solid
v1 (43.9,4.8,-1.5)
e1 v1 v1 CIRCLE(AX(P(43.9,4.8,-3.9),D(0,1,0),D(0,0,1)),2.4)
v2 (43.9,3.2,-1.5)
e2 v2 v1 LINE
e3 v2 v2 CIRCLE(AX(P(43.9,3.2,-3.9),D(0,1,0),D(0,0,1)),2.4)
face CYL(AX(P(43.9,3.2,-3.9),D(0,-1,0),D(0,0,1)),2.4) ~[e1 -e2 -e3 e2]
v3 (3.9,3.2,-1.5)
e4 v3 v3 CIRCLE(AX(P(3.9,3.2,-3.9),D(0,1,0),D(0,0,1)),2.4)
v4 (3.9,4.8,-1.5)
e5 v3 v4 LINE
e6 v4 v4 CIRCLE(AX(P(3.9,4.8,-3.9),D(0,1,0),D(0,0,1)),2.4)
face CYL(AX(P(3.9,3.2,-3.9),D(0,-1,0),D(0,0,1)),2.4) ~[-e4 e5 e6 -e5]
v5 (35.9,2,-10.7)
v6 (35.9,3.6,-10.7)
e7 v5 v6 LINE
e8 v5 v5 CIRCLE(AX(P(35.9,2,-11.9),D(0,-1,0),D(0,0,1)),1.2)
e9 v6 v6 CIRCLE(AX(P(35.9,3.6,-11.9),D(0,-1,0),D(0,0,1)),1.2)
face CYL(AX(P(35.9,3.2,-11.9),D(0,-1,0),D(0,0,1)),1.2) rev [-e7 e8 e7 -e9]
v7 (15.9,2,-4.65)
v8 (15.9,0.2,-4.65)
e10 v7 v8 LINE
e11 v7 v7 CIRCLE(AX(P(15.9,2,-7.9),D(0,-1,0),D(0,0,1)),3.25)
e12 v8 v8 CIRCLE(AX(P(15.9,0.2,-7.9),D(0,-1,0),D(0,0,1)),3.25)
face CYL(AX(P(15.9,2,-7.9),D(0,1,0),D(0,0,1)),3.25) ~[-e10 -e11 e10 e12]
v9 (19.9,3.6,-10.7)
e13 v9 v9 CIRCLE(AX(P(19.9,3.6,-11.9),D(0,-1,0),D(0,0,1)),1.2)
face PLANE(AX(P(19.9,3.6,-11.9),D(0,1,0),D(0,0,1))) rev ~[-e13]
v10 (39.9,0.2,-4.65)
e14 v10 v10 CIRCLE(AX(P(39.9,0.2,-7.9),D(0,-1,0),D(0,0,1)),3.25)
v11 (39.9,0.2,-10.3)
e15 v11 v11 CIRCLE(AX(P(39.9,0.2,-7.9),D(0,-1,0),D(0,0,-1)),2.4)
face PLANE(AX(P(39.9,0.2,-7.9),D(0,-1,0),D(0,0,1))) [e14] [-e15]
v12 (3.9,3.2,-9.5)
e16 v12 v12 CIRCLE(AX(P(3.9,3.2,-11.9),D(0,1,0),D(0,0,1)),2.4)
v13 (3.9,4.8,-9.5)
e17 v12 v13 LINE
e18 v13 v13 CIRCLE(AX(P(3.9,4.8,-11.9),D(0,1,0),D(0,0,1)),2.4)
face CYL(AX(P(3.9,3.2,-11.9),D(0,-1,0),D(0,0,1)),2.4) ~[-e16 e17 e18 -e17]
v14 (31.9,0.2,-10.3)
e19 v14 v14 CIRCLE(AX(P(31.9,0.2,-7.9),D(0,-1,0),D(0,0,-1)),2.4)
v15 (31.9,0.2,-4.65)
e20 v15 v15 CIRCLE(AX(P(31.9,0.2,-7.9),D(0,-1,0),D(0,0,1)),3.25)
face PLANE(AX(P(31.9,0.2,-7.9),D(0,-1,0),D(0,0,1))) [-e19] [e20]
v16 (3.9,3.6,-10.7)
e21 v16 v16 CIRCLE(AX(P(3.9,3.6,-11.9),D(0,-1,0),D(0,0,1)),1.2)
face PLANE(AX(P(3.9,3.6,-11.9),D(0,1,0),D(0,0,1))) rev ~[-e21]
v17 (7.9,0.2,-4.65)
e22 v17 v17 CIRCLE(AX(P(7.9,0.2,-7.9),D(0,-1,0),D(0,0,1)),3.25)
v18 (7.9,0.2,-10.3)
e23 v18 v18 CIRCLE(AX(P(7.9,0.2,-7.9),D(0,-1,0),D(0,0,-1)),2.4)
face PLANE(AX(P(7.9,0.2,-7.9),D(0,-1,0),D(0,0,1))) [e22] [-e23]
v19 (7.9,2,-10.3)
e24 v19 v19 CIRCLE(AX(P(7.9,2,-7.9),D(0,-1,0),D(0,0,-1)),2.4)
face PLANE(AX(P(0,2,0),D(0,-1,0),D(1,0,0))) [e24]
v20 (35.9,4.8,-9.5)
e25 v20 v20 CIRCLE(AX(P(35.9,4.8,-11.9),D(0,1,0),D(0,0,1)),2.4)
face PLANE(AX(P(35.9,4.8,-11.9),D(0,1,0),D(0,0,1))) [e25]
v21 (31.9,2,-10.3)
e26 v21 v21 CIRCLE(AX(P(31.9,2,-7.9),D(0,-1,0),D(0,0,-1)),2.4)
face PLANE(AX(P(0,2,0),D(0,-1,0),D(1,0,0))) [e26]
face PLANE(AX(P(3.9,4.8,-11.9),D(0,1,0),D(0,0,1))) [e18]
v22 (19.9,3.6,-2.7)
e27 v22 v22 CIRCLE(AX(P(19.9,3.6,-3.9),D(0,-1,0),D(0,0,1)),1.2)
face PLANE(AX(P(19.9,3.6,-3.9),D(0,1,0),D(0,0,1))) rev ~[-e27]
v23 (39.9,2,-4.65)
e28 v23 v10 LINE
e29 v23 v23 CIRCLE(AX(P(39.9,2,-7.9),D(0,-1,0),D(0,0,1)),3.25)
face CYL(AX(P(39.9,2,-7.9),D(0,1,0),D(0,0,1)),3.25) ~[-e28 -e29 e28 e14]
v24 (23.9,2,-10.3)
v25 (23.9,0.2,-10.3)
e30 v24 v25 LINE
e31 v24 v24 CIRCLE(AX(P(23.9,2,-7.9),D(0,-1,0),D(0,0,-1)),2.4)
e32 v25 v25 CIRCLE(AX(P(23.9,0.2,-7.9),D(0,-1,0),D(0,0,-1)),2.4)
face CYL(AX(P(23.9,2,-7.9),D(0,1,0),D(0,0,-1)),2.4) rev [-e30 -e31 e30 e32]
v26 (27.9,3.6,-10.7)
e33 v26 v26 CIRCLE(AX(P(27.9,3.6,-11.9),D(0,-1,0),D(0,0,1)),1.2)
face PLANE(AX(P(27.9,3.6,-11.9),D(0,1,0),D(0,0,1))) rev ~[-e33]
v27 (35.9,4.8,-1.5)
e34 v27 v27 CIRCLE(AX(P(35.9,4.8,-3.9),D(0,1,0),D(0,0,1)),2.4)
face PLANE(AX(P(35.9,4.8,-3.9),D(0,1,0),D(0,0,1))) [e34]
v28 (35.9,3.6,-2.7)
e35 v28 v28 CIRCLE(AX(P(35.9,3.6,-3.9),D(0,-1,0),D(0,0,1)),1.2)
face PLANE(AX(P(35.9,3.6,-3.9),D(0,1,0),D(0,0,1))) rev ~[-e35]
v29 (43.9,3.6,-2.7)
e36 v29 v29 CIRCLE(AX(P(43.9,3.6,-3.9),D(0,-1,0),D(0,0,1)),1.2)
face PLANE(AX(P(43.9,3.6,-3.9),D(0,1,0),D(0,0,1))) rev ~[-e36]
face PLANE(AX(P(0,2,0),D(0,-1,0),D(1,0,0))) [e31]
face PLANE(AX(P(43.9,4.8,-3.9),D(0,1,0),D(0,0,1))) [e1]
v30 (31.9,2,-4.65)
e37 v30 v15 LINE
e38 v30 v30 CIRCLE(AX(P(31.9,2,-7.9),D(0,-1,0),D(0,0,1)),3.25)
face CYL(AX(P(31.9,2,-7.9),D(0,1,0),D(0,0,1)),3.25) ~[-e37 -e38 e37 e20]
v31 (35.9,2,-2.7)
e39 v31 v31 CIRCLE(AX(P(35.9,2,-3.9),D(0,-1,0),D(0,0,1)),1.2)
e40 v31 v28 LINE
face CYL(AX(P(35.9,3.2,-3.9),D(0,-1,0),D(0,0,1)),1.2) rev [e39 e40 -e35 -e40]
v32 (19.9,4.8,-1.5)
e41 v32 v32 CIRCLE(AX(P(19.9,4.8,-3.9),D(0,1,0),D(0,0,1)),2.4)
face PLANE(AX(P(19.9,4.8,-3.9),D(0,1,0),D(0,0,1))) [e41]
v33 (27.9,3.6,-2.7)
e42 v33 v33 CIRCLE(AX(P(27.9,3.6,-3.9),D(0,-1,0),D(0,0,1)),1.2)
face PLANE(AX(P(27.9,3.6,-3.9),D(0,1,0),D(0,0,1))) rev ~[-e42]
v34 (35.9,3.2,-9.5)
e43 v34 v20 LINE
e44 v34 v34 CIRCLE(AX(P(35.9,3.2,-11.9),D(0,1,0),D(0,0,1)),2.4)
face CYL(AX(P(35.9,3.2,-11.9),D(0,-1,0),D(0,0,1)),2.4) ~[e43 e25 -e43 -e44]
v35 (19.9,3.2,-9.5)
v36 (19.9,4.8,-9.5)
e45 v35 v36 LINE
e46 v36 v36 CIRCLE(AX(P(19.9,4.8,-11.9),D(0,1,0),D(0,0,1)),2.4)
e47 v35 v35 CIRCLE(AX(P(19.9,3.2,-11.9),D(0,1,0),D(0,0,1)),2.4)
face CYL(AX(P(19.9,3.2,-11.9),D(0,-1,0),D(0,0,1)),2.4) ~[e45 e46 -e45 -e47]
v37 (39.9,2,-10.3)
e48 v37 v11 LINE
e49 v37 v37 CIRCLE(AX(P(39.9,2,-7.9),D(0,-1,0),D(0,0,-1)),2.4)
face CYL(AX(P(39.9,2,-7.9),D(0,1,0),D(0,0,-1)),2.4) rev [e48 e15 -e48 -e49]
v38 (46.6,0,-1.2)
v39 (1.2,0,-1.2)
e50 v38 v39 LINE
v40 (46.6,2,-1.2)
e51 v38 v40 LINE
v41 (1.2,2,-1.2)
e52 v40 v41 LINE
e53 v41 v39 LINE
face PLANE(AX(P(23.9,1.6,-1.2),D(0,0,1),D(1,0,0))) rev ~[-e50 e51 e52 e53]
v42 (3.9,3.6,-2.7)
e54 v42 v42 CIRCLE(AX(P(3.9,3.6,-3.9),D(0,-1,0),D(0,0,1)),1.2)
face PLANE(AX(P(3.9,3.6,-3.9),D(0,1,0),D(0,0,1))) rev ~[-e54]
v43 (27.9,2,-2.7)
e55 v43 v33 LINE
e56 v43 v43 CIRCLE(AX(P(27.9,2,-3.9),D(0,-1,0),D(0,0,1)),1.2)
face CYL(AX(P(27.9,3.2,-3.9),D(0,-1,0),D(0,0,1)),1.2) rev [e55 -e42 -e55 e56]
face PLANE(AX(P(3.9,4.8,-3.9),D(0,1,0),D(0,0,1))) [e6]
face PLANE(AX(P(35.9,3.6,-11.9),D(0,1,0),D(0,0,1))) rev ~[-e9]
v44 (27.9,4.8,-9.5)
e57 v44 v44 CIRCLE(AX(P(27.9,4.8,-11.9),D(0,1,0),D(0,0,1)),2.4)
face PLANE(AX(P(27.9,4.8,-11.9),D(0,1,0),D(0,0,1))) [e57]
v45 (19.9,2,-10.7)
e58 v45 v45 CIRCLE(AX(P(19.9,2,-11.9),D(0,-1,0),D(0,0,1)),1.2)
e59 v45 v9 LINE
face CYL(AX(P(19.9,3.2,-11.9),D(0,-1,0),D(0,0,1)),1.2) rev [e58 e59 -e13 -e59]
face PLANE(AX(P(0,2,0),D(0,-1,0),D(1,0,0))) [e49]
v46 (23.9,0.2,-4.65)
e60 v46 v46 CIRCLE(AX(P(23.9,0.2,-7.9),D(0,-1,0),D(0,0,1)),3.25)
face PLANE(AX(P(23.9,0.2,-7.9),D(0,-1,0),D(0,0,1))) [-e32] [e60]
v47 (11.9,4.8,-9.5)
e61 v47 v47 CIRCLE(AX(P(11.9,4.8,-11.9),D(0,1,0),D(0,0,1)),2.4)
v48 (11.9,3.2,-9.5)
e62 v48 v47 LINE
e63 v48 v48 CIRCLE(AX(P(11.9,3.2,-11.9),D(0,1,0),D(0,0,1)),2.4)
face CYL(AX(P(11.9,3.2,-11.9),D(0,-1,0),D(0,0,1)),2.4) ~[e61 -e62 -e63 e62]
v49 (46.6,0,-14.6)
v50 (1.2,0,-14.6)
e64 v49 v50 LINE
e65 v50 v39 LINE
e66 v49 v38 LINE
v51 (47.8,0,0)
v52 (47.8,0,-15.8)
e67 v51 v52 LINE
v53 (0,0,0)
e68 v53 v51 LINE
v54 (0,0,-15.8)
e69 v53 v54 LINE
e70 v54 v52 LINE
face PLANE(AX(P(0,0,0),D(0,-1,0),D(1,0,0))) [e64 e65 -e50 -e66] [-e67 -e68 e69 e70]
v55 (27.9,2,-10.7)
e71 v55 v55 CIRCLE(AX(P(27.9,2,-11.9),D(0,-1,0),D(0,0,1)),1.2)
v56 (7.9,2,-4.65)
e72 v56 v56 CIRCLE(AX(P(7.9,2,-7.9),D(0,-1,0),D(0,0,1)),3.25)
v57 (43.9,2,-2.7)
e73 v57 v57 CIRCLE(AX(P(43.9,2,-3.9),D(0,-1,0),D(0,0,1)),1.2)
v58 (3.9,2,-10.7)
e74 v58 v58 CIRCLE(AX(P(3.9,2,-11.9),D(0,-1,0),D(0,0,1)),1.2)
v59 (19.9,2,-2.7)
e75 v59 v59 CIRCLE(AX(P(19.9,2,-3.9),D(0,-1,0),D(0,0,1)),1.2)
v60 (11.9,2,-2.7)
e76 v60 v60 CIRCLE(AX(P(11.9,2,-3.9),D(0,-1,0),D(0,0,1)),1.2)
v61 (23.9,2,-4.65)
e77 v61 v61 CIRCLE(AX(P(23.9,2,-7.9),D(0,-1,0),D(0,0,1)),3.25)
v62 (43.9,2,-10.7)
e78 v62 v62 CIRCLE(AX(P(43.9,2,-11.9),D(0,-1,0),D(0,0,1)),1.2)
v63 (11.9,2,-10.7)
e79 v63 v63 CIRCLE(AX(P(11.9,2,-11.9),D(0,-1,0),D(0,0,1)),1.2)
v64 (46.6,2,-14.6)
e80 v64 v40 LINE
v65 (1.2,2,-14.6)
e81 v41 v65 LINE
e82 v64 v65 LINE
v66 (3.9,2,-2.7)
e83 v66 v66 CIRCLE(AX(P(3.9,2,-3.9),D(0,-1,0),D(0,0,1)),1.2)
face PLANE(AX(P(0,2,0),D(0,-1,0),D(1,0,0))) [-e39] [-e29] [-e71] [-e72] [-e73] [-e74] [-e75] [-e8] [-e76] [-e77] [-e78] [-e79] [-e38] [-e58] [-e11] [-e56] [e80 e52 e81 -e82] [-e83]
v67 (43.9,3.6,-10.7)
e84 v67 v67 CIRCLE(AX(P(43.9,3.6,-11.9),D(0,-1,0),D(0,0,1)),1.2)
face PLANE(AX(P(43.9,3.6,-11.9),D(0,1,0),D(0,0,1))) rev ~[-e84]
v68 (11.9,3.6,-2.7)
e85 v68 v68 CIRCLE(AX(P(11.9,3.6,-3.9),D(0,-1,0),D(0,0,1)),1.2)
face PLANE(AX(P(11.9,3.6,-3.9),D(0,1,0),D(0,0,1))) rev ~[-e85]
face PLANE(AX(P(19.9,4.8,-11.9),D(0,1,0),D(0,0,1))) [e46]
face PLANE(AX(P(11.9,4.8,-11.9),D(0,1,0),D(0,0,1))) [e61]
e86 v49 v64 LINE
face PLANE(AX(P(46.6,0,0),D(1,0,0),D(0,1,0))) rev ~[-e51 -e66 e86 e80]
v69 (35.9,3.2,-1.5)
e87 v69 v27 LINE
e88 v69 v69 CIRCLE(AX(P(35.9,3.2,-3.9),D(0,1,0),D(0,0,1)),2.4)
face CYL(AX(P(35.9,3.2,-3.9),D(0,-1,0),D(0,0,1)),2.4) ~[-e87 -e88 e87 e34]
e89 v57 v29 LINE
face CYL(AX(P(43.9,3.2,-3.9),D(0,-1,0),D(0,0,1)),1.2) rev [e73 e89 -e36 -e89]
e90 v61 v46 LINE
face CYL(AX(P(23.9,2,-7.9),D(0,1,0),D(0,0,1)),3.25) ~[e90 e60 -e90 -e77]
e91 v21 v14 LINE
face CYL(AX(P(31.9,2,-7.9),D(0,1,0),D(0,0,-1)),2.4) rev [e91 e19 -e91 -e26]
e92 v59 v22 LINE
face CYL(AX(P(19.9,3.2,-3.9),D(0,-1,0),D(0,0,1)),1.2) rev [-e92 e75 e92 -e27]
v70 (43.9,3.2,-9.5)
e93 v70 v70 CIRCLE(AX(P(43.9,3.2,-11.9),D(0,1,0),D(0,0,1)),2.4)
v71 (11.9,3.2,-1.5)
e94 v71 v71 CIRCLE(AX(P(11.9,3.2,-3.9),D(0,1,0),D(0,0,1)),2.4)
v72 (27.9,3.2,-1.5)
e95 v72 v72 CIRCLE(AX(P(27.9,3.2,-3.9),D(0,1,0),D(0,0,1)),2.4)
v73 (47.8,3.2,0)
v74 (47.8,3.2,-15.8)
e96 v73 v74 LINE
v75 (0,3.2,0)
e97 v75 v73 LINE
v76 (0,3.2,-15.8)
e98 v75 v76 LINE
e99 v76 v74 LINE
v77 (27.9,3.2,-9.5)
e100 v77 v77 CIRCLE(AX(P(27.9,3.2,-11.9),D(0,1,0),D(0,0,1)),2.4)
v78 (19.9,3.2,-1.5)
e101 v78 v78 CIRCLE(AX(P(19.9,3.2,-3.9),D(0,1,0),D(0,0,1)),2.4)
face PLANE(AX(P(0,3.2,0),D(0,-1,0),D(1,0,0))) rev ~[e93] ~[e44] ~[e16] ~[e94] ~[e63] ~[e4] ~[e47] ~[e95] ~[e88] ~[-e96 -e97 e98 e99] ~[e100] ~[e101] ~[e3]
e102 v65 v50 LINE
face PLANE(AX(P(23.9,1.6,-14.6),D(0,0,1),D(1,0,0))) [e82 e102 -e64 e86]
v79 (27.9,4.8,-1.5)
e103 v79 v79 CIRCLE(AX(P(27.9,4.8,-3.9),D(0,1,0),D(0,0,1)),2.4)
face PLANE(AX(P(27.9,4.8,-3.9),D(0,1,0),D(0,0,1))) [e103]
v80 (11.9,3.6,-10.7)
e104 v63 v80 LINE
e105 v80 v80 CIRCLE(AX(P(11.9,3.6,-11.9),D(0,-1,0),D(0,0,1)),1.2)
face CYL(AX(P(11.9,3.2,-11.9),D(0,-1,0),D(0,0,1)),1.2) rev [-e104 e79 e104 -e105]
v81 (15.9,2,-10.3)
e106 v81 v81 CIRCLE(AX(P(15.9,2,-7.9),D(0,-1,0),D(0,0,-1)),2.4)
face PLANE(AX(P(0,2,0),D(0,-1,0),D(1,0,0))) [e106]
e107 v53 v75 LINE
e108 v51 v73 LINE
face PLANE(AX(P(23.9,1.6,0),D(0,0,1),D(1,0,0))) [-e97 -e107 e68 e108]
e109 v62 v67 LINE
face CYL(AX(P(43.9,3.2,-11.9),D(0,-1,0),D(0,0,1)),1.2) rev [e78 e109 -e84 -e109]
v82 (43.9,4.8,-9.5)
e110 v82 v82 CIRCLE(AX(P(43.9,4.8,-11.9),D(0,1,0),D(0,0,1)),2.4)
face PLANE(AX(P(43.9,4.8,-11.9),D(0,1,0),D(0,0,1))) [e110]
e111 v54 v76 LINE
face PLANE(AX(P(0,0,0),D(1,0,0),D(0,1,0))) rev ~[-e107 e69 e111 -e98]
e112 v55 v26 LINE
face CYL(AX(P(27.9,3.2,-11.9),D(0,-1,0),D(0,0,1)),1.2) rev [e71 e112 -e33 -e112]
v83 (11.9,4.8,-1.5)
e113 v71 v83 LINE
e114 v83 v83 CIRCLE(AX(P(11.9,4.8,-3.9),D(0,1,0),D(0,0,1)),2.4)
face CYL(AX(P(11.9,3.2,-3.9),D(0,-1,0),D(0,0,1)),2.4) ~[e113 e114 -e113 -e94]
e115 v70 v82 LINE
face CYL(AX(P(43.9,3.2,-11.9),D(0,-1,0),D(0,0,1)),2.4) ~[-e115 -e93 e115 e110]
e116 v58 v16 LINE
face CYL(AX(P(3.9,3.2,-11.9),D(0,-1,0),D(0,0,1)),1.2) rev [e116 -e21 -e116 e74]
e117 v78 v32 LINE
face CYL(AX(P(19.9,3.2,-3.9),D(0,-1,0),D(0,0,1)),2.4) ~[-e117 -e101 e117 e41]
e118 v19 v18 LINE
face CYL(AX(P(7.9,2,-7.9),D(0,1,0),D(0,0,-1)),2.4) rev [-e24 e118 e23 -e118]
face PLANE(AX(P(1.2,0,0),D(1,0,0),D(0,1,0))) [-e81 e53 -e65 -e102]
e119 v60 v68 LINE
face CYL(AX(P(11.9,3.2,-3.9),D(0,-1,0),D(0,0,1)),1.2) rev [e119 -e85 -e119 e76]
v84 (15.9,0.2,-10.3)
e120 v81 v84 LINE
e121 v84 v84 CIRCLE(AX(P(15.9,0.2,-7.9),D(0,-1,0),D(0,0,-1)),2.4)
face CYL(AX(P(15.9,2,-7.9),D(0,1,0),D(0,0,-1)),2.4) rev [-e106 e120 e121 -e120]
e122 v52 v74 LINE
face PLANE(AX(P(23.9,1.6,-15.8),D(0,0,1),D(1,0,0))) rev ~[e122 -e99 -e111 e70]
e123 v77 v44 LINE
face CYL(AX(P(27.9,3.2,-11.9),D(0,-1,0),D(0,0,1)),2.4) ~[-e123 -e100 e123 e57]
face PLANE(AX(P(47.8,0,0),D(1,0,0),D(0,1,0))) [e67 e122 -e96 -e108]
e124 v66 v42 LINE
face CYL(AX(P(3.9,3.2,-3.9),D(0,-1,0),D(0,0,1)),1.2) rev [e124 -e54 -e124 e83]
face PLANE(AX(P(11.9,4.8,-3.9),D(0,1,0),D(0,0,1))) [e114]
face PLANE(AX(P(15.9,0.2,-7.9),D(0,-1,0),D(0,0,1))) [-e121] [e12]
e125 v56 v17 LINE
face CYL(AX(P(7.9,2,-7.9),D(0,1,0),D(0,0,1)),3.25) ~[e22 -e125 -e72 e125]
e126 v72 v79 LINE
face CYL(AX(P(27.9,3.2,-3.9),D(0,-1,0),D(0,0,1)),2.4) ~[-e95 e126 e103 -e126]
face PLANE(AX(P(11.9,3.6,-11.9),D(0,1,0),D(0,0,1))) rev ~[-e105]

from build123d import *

# Parameters (mm, degrees)
SKETCH1_W            = 47.8
SKETCH1_H            = 3.2
BOSS_EXTRUDE1_DEPTH  = 15.8
SKETCH2_R            = 2.4
BOSS_EXTRUDE2_DEPTH  = 1.6
LPATTERN1_COUNT      = 2
LPATTERN1_PITCH      = 8
LPATTERN1_COUNT_DIR2 = 6
LPATTERN1_PITCH_DIR2 = 8
SHELL1_T             = -1.2
SKETCH4_R            = 3.25
SKETCH4_R_2          = 2.4
BOSS_EXTRUDE3_DEPTH  = 1.8
LPATTERN2_COUNT      = 5
LPATTERN2_PITCH      = 8


with BuildPart() as part:
    # Sketch1 → Boss-Extrude1 (new body)
    with BuildSketch(Plane.XY):
        with Locations((23.9, 1.6)):
            Rectangle(SKETCH1_W, SKETCH1_H)
    extrude(amount=-BOSS_EXTRUDE1_DEPTH)

    # Sketch2 → Boss-Extrude2 (add)
    with BuildSketch(Plane(origin=(0, 3.2, 0), x_dir=(1, 0, 0), z_dir=(0, 1, 0))):
        with Locations(Location((3.9, 3.9, 0), (0, 0, 270))):
            Circle(SKETCH2_R)
    boss_extrude2 = extrude(amount=BOSS_EXTRUDE2_DEPTH)

    # LPattern1: Boss-Extrude2 2 × 6
    with Locations(*[(j * LPATTERN1_PITCH_DIR2, 0, -i * LPATTERN1_PITCH) for i in range(LPATTERN1_COUNT) for j in range(LPATTERN1_COUNT_DIR2) if (i, j) != (0, 0)]):
        add(boss_extrude2)

    # Shell1
    shell1_openings = [part.faces().sort_by_distance(p)[0] for p in [
        (23.9, 0, -7.9),
    ]]
    offset(amount=SHELL1_T, openings=shell1_openings, kind=Kind.INTERSECTION)

    # Sketch4 → Boss-Extrude3 (add)
    with BuildSketch(Plane.XZ.offset(-2)):
        with Locations(Location((7.9, -7.9, 0), (0, 0, 90))):
            Circle(SKETCH4_R)
        with Locations(Location((7.9, -7.9, 0), (0, 0, 270))):
            Circle(SKETCH4_R_2, mode=Mode.SUBTRACT)
    boss_extrude3 = extrude(amount=BOSS_EXTRUDE3_DEPTH)

    # LPattern2: Boss-Extrude3 ×5
    with Locations(*[(i * LPATTERN2_PITCH, 0, 0) for i in range(1, LPATTERN2_COUNT)]):
        add(boss_extrude3)


solid = part.part
